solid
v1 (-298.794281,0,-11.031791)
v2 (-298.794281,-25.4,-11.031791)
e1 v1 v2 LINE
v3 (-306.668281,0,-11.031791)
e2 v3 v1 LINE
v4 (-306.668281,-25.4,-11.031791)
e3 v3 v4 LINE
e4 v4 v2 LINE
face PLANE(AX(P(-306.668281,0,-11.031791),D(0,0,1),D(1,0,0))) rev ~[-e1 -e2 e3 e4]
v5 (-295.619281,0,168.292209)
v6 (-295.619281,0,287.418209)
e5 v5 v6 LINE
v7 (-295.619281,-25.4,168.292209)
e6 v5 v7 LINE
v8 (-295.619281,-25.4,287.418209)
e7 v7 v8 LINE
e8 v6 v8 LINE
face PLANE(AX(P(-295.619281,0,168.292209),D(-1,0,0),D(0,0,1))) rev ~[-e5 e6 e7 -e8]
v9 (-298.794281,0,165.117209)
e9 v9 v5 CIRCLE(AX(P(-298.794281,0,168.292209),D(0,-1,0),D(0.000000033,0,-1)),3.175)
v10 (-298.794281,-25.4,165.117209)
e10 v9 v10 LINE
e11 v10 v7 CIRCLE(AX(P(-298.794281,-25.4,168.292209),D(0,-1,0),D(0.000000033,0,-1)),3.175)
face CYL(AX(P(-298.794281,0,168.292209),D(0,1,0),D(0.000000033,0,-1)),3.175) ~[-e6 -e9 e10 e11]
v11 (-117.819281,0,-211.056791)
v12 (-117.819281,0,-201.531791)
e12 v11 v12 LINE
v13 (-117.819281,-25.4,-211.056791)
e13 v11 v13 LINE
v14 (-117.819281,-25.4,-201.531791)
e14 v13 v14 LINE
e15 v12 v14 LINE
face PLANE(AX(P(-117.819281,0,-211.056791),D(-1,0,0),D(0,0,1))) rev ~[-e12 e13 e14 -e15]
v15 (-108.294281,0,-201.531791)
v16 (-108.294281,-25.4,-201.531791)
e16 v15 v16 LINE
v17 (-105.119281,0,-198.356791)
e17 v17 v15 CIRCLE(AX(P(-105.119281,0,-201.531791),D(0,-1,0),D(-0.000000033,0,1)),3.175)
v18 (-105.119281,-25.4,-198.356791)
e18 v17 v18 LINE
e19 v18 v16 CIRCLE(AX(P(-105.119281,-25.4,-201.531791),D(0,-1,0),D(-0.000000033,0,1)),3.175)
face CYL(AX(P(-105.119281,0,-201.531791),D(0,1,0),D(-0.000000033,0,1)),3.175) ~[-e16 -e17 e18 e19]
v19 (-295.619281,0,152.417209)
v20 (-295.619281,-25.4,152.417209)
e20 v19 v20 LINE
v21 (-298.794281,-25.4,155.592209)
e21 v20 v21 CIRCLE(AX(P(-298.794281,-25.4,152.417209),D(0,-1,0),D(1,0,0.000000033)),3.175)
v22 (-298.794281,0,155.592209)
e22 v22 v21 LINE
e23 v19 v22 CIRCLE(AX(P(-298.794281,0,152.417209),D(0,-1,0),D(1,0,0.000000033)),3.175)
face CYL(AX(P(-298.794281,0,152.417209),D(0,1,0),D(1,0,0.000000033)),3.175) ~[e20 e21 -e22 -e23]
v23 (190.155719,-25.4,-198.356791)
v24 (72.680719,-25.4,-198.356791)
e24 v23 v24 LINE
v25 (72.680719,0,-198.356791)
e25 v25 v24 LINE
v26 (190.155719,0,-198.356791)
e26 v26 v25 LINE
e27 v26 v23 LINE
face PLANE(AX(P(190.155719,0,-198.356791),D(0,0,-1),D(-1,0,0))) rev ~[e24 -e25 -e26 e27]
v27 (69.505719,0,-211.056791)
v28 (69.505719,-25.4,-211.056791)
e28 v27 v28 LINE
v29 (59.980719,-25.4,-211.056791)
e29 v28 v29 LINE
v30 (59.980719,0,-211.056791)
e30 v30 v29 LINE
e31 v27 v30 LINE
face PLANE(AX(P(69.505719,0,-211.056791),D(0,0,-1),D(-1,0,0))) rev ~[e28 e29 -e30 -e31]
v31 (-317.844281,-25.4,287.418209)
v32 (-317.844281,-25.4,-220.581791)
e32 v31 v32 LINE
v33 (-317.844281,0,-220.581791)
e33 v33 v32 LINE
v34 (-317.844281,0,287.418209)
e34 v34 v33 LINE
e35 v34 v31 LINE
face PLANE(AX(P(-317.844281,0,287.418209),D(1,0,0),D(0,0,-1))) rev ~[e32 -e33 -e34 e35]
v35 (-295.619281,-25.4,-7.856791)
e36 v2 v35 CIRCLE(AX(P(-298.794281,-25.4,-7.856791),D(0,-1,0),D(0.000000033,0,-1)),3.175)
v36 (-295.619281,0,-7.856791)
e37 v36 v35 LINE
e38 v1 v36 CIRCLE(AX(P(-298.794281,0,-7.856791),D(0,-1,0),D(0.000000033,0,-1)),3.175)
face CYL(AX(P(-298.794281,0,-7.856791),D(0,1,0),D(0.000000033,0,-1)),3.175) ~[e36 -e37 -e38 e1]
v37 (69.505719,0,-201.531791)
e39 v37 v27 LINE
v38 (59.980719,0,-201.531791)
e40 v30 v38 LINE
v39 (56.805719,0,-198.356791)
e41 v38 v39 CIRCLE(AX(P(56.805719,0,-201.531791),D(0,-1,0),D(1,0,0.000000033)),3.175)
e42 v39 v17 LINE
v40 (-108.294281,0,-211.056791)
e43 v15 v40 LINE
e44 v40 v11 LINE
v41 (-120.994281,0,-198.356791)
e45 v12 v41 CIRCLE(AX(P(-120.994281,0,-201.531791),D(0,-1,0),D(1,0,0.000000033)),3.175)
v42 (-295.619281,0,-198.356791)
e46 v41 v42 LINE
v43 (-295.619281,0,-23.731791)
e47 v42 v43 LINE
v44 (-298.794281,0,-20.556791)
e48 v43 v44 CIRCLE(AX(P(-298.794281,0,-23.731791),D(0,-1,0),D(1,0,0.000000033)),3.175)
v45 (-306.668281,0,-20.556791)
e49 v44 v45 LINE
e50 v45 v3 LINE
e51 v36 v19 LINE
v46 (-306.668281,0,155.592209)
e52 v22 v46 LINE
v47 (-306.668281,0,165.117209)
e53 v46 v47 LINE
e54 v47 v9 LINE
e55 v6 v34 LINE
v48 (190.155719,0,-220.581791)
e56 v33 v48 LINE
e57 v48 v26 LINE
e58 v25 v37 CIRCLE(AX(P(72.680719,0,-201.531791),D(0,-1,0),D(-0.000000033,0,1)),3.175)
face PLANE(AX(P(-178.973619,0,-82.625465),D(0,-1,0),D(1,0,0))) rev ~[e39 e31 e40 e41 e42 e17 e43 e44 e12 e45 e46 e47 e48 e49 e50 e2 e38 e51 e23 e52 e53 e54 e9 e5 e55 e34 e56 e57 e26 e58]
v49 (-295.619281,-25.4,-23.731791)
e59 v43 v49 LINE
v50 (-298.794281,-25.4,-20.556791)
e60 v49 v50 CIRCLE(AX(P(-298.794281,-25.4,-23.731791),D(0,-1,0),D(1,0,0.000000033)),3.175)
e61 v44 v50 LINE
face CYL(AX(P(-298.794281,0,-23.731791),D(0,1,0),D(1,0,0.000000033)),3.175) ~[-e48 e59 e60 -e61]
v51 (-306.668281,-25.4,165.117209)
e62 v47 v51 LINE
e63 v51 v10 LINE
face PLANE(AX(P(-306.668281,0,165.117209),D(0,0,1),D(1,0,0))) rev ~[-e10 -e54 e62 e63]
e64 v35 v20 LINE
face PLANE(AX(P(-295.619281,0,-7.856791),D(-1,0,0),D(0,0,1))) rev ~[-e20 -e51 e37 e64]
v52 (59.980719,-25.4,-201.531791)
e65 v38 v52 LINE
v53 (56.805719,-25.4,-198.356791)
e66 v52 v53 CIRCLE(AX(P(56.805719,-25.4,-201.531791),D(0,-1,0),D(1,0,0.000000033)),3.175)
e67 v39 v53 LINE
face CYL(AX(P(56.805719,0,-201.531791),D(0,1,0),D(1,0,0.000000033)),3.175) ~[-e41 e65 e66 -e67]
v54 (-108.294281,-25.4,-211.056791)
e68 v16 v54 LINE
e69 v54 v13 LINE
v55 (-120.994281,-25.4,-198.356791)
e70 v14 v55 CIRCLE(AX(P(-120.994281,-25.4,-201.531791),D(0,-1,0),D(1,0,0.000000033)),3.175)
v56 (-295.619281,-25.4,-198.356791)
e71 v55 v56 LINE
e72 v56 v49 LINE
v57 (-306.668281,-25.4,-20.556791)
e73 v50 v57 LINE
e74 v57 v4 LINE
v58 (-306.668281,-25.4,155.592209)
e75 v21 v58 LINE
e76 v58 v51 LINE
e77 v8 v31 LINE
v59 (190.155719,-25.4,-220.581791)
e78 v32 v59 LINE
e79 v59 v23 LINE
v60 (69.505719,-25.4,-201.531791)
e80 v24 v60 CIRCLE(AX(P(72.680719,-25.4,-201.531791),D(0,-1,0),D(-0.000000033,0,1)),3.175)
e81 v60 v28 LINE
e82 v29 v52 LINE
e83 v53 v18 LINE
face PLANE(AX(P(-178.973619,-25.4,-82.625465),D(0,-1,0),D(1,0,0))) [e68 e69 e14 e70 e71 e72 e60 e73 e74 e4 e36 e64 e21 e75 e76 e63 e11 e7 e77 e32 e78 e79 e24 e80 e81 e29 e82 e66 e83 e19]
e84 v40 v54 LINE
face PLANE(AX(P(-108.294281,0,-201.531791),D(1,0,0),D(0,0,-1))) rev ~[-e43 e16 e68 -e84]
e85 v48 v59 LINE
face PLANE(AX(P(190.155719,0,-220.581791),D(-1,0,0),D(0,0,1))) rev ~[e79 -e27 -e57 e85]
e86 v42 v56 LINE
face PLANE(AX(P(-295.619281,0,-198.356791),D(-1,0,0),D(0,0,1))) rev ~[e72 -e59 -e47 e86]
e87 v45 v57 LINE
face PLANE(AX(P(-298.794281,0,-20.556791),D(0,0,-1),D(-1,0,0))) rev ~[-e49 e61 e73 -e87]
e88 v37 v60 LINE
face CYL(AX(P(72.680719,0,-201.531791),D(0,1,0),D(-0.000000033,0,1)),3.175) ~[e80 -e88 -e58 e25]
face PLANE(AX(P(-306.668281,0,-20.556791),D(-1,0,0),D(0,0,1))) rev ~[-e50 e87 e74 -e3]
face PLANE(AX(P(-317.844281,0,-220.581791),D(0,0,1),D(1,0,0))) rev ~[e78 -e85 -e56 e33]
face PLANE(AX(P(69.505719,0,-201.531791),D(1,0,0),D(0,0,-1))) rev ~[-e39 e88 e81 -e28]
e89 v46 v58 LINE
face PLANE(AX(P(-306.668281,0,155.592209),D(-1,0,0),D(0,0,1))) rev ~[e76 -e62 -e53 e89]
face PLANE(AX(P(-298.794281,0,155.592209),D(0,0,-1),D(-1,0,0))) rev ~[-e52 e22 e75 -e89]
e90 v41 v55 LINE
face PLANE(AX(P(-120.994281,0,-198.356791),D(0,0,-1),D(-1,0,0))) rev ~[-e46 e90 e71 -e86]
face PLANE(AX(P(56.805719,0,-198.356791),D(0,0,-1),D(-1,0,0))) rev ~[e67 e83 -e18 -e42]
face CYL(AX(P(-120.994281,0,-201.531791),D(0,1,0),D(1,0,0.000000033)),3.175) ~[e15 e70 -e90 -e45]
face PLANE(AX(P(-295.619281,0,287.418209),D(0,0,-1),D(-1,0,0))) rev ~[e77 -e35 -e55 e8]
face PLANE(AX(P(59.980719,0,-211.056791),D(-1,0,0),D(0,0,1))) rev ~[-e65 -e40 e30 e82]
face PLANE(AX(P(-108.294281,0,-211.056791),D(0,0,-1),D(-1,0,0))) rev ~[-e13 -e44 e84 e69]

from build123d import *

# Parameters (mm, degrees)
F1_DEPTH = 25.4
F2_DEPTH = 25.4


with BuildPart() as f1:
    # F0 (on Front) → F1 (new body)
    with BuildSketch(Plane.XZ):
        with BuildLine():
            Line((-295.619281, 287.418209), (-317.844281, 287.418209))
            Line((-317.844281, 287.418209), (-317.844281, -220.581791))
            Line((-317.844281, -220.581791), (190.155719, -220.581791))
            Line((190.155719, -220.581791), (190.155719, -198.356791))
            Line((190.155719, -198.356791), (72.680719, -198.356791))
            ThreePointArc((72.680719, -198.356791), (70.435655, -199.286727), (69.505719, -201.531791))
            Line((69.505719, -201.531791), (69.505719, -211.056791))
            Line((69.505719, -211.056791), (59.980719, -211.056791))
            Line((59.980719, -211.056791), (59.980719, -201.531791))
            ThreePointArc((59.980719, -201.531791), (59.050783, -199.286727), (56.805719, -198.356791))
            Line((56.805719, -198.356791), (-105.119281, -198.356791))
            ThreePointArc((-105.119281, -198.356791), (-107.364345, -199.286727), (-108.294281, -201.531791))
            Line((-108.294281, -201.531791), (-108.294281, -211.056791))
            Line((-108.294281, -211.056791), (-117.819281, -211.056791))
            Line((-117.819281, -211.056791), (-117.819281, -201.531791))
            ThreePointArc((-117.819281, -201.531791), (-118.749217, -199.286727), (-120.994281, -198.356791))
            Line((-120.994281, -198.356791), (-295.619281, -198.356791))
            Line((-295.619281, -198.356791), (-295.619281, -23.731791))
            ThreePointArc((-295.619281, -23.731791), (-296.549217, -21.486727), (-298.794281, -20.556791))
            Line((-298.794281, -20.556791), (-306.668281, -20.556791))
            Line((-306.668281, -20.556791), (-306.668281, -11.031791))
            Line((-306.668281, -11.031791), (-298.794281, -11.031791))
            ThreePointArc((-298.794281, -11.031791), (-296.549217, -10.101855), (-295.619281, -7.856791))
            Line((-295.619281, -7.856791), (-295.619281, 152.417209))
            ThreePointArc((-295.619281, 152.417209), (-296.549217, 154.662273), (-298.794281, 155.592209))
            Line((-298.794281, 155.592209), (-306.668281, 155.592209))
            Line((-306.668281, 155.592209), (-306.668281, 165.117209))
            Line((-306.668281, 165.117209), (-298.794281, 165.117209))
            ThreePointArc((-298.794281, 165.117209), (-296.549217, 166.047145), (-295.619281, 168.292209))
            Line((-295.619281, 168.292209), (-295.619281, 287.418209))
        make_face()
    extrude(amount=F1_DEPTH)

    # F0 (on Front) → F2 (join)
    with BuildSketch(Plane.XZ):
        with BuildLine():
            Line((-295.619281, 287.418209), (-317.844281, 287.418209))
            Line((-317.844281, 287.418209), (-317.844281, -220.581791))
            Line((-317.844281, -220.581791), (190.155719, -220.581791))
            Line((190.155719, -220.581791), (190.155719, -198.356791))
            Line((190.155719, -198.356791), (72.680719, -198.356791))
            ThreePointArc((72.680719, -198.356791), (70.435655, -199.286727), (69.505719, -201.531791))
            Line((69.505719, -201.531791), (69.505719, -211.056791))
            Line((69.505719, -211.056791), (59.980719, -211.056791))
            Line((59.980719, -211.056791), (59.980719, -201.531791))
            ThreePointArc((59.980719, -201.531791), (59.050783, -199.286727), (56.805719, -198.356791))
            Line((56.805719, -198.356791), (-105.119281, -198.356791))
            ThreePointArc((-105.119281, -198.356791), (-107.364345, -199.286727), (-108.294281, -201.531791))
            Line((-108.294281, -201.531791), (-108.294281, -211.056791))
            Line((-108.294281, -211.056791), (-117.819281, -211.056791))
            Line((-117.819281, -211.056791), (-117.819281, -201.531791))
            ThreePointArc((-117.819281, -201.531791), (-118.749217, -199.286727), (-120.994281, -198.356791))
            Line((-120.994281, -198.356791), (-295.619281, -198.356791))
            Line((-295.619281, -198.356791), (-295.619281, -23.731791))
            ThreePointArc((-295.619281, -23.731791), (-296.549217, -21.486727), (-298.794281, -20.556791))
            Line((-298.794281, -20.556791), (-306.668281, -20.556791))
            Line((-306.668281, -20.556791), (-306.668281, -11.031791))
            Line((-306.668281, -11.031791), (-298.794281, -11.031791))
            ThreePointArc((-298.794281, -11.031791), (-296.549217, -10.101855), (-295.619281, -7.856791))
            Line((-295.619281, -7.856791), (-295.619281, 152.417209))
            ThreePointArc((-295.619281, 152.417209), (-296.549217, 154.662273), (-298.794281, 155.592209))
            Line((-298.794281, 155.592209), (-306.668281, 155.592209))
            Line((-306.668281, 155.592209), (-306.668281, 165.117209))
            Line((-306.668281, 165.117209), (-298.794281, 165.117209))
            ThreePointArc((-298.794281, 165.117209), (-296.549217, 166.047145), (-295.619281, 168.292209))
            Line((-295.619281, 168.292209), (-295.619281, 287.418209))
        make_face()
    extrude(amount=F2_DEPTH)


solid = f1.part
